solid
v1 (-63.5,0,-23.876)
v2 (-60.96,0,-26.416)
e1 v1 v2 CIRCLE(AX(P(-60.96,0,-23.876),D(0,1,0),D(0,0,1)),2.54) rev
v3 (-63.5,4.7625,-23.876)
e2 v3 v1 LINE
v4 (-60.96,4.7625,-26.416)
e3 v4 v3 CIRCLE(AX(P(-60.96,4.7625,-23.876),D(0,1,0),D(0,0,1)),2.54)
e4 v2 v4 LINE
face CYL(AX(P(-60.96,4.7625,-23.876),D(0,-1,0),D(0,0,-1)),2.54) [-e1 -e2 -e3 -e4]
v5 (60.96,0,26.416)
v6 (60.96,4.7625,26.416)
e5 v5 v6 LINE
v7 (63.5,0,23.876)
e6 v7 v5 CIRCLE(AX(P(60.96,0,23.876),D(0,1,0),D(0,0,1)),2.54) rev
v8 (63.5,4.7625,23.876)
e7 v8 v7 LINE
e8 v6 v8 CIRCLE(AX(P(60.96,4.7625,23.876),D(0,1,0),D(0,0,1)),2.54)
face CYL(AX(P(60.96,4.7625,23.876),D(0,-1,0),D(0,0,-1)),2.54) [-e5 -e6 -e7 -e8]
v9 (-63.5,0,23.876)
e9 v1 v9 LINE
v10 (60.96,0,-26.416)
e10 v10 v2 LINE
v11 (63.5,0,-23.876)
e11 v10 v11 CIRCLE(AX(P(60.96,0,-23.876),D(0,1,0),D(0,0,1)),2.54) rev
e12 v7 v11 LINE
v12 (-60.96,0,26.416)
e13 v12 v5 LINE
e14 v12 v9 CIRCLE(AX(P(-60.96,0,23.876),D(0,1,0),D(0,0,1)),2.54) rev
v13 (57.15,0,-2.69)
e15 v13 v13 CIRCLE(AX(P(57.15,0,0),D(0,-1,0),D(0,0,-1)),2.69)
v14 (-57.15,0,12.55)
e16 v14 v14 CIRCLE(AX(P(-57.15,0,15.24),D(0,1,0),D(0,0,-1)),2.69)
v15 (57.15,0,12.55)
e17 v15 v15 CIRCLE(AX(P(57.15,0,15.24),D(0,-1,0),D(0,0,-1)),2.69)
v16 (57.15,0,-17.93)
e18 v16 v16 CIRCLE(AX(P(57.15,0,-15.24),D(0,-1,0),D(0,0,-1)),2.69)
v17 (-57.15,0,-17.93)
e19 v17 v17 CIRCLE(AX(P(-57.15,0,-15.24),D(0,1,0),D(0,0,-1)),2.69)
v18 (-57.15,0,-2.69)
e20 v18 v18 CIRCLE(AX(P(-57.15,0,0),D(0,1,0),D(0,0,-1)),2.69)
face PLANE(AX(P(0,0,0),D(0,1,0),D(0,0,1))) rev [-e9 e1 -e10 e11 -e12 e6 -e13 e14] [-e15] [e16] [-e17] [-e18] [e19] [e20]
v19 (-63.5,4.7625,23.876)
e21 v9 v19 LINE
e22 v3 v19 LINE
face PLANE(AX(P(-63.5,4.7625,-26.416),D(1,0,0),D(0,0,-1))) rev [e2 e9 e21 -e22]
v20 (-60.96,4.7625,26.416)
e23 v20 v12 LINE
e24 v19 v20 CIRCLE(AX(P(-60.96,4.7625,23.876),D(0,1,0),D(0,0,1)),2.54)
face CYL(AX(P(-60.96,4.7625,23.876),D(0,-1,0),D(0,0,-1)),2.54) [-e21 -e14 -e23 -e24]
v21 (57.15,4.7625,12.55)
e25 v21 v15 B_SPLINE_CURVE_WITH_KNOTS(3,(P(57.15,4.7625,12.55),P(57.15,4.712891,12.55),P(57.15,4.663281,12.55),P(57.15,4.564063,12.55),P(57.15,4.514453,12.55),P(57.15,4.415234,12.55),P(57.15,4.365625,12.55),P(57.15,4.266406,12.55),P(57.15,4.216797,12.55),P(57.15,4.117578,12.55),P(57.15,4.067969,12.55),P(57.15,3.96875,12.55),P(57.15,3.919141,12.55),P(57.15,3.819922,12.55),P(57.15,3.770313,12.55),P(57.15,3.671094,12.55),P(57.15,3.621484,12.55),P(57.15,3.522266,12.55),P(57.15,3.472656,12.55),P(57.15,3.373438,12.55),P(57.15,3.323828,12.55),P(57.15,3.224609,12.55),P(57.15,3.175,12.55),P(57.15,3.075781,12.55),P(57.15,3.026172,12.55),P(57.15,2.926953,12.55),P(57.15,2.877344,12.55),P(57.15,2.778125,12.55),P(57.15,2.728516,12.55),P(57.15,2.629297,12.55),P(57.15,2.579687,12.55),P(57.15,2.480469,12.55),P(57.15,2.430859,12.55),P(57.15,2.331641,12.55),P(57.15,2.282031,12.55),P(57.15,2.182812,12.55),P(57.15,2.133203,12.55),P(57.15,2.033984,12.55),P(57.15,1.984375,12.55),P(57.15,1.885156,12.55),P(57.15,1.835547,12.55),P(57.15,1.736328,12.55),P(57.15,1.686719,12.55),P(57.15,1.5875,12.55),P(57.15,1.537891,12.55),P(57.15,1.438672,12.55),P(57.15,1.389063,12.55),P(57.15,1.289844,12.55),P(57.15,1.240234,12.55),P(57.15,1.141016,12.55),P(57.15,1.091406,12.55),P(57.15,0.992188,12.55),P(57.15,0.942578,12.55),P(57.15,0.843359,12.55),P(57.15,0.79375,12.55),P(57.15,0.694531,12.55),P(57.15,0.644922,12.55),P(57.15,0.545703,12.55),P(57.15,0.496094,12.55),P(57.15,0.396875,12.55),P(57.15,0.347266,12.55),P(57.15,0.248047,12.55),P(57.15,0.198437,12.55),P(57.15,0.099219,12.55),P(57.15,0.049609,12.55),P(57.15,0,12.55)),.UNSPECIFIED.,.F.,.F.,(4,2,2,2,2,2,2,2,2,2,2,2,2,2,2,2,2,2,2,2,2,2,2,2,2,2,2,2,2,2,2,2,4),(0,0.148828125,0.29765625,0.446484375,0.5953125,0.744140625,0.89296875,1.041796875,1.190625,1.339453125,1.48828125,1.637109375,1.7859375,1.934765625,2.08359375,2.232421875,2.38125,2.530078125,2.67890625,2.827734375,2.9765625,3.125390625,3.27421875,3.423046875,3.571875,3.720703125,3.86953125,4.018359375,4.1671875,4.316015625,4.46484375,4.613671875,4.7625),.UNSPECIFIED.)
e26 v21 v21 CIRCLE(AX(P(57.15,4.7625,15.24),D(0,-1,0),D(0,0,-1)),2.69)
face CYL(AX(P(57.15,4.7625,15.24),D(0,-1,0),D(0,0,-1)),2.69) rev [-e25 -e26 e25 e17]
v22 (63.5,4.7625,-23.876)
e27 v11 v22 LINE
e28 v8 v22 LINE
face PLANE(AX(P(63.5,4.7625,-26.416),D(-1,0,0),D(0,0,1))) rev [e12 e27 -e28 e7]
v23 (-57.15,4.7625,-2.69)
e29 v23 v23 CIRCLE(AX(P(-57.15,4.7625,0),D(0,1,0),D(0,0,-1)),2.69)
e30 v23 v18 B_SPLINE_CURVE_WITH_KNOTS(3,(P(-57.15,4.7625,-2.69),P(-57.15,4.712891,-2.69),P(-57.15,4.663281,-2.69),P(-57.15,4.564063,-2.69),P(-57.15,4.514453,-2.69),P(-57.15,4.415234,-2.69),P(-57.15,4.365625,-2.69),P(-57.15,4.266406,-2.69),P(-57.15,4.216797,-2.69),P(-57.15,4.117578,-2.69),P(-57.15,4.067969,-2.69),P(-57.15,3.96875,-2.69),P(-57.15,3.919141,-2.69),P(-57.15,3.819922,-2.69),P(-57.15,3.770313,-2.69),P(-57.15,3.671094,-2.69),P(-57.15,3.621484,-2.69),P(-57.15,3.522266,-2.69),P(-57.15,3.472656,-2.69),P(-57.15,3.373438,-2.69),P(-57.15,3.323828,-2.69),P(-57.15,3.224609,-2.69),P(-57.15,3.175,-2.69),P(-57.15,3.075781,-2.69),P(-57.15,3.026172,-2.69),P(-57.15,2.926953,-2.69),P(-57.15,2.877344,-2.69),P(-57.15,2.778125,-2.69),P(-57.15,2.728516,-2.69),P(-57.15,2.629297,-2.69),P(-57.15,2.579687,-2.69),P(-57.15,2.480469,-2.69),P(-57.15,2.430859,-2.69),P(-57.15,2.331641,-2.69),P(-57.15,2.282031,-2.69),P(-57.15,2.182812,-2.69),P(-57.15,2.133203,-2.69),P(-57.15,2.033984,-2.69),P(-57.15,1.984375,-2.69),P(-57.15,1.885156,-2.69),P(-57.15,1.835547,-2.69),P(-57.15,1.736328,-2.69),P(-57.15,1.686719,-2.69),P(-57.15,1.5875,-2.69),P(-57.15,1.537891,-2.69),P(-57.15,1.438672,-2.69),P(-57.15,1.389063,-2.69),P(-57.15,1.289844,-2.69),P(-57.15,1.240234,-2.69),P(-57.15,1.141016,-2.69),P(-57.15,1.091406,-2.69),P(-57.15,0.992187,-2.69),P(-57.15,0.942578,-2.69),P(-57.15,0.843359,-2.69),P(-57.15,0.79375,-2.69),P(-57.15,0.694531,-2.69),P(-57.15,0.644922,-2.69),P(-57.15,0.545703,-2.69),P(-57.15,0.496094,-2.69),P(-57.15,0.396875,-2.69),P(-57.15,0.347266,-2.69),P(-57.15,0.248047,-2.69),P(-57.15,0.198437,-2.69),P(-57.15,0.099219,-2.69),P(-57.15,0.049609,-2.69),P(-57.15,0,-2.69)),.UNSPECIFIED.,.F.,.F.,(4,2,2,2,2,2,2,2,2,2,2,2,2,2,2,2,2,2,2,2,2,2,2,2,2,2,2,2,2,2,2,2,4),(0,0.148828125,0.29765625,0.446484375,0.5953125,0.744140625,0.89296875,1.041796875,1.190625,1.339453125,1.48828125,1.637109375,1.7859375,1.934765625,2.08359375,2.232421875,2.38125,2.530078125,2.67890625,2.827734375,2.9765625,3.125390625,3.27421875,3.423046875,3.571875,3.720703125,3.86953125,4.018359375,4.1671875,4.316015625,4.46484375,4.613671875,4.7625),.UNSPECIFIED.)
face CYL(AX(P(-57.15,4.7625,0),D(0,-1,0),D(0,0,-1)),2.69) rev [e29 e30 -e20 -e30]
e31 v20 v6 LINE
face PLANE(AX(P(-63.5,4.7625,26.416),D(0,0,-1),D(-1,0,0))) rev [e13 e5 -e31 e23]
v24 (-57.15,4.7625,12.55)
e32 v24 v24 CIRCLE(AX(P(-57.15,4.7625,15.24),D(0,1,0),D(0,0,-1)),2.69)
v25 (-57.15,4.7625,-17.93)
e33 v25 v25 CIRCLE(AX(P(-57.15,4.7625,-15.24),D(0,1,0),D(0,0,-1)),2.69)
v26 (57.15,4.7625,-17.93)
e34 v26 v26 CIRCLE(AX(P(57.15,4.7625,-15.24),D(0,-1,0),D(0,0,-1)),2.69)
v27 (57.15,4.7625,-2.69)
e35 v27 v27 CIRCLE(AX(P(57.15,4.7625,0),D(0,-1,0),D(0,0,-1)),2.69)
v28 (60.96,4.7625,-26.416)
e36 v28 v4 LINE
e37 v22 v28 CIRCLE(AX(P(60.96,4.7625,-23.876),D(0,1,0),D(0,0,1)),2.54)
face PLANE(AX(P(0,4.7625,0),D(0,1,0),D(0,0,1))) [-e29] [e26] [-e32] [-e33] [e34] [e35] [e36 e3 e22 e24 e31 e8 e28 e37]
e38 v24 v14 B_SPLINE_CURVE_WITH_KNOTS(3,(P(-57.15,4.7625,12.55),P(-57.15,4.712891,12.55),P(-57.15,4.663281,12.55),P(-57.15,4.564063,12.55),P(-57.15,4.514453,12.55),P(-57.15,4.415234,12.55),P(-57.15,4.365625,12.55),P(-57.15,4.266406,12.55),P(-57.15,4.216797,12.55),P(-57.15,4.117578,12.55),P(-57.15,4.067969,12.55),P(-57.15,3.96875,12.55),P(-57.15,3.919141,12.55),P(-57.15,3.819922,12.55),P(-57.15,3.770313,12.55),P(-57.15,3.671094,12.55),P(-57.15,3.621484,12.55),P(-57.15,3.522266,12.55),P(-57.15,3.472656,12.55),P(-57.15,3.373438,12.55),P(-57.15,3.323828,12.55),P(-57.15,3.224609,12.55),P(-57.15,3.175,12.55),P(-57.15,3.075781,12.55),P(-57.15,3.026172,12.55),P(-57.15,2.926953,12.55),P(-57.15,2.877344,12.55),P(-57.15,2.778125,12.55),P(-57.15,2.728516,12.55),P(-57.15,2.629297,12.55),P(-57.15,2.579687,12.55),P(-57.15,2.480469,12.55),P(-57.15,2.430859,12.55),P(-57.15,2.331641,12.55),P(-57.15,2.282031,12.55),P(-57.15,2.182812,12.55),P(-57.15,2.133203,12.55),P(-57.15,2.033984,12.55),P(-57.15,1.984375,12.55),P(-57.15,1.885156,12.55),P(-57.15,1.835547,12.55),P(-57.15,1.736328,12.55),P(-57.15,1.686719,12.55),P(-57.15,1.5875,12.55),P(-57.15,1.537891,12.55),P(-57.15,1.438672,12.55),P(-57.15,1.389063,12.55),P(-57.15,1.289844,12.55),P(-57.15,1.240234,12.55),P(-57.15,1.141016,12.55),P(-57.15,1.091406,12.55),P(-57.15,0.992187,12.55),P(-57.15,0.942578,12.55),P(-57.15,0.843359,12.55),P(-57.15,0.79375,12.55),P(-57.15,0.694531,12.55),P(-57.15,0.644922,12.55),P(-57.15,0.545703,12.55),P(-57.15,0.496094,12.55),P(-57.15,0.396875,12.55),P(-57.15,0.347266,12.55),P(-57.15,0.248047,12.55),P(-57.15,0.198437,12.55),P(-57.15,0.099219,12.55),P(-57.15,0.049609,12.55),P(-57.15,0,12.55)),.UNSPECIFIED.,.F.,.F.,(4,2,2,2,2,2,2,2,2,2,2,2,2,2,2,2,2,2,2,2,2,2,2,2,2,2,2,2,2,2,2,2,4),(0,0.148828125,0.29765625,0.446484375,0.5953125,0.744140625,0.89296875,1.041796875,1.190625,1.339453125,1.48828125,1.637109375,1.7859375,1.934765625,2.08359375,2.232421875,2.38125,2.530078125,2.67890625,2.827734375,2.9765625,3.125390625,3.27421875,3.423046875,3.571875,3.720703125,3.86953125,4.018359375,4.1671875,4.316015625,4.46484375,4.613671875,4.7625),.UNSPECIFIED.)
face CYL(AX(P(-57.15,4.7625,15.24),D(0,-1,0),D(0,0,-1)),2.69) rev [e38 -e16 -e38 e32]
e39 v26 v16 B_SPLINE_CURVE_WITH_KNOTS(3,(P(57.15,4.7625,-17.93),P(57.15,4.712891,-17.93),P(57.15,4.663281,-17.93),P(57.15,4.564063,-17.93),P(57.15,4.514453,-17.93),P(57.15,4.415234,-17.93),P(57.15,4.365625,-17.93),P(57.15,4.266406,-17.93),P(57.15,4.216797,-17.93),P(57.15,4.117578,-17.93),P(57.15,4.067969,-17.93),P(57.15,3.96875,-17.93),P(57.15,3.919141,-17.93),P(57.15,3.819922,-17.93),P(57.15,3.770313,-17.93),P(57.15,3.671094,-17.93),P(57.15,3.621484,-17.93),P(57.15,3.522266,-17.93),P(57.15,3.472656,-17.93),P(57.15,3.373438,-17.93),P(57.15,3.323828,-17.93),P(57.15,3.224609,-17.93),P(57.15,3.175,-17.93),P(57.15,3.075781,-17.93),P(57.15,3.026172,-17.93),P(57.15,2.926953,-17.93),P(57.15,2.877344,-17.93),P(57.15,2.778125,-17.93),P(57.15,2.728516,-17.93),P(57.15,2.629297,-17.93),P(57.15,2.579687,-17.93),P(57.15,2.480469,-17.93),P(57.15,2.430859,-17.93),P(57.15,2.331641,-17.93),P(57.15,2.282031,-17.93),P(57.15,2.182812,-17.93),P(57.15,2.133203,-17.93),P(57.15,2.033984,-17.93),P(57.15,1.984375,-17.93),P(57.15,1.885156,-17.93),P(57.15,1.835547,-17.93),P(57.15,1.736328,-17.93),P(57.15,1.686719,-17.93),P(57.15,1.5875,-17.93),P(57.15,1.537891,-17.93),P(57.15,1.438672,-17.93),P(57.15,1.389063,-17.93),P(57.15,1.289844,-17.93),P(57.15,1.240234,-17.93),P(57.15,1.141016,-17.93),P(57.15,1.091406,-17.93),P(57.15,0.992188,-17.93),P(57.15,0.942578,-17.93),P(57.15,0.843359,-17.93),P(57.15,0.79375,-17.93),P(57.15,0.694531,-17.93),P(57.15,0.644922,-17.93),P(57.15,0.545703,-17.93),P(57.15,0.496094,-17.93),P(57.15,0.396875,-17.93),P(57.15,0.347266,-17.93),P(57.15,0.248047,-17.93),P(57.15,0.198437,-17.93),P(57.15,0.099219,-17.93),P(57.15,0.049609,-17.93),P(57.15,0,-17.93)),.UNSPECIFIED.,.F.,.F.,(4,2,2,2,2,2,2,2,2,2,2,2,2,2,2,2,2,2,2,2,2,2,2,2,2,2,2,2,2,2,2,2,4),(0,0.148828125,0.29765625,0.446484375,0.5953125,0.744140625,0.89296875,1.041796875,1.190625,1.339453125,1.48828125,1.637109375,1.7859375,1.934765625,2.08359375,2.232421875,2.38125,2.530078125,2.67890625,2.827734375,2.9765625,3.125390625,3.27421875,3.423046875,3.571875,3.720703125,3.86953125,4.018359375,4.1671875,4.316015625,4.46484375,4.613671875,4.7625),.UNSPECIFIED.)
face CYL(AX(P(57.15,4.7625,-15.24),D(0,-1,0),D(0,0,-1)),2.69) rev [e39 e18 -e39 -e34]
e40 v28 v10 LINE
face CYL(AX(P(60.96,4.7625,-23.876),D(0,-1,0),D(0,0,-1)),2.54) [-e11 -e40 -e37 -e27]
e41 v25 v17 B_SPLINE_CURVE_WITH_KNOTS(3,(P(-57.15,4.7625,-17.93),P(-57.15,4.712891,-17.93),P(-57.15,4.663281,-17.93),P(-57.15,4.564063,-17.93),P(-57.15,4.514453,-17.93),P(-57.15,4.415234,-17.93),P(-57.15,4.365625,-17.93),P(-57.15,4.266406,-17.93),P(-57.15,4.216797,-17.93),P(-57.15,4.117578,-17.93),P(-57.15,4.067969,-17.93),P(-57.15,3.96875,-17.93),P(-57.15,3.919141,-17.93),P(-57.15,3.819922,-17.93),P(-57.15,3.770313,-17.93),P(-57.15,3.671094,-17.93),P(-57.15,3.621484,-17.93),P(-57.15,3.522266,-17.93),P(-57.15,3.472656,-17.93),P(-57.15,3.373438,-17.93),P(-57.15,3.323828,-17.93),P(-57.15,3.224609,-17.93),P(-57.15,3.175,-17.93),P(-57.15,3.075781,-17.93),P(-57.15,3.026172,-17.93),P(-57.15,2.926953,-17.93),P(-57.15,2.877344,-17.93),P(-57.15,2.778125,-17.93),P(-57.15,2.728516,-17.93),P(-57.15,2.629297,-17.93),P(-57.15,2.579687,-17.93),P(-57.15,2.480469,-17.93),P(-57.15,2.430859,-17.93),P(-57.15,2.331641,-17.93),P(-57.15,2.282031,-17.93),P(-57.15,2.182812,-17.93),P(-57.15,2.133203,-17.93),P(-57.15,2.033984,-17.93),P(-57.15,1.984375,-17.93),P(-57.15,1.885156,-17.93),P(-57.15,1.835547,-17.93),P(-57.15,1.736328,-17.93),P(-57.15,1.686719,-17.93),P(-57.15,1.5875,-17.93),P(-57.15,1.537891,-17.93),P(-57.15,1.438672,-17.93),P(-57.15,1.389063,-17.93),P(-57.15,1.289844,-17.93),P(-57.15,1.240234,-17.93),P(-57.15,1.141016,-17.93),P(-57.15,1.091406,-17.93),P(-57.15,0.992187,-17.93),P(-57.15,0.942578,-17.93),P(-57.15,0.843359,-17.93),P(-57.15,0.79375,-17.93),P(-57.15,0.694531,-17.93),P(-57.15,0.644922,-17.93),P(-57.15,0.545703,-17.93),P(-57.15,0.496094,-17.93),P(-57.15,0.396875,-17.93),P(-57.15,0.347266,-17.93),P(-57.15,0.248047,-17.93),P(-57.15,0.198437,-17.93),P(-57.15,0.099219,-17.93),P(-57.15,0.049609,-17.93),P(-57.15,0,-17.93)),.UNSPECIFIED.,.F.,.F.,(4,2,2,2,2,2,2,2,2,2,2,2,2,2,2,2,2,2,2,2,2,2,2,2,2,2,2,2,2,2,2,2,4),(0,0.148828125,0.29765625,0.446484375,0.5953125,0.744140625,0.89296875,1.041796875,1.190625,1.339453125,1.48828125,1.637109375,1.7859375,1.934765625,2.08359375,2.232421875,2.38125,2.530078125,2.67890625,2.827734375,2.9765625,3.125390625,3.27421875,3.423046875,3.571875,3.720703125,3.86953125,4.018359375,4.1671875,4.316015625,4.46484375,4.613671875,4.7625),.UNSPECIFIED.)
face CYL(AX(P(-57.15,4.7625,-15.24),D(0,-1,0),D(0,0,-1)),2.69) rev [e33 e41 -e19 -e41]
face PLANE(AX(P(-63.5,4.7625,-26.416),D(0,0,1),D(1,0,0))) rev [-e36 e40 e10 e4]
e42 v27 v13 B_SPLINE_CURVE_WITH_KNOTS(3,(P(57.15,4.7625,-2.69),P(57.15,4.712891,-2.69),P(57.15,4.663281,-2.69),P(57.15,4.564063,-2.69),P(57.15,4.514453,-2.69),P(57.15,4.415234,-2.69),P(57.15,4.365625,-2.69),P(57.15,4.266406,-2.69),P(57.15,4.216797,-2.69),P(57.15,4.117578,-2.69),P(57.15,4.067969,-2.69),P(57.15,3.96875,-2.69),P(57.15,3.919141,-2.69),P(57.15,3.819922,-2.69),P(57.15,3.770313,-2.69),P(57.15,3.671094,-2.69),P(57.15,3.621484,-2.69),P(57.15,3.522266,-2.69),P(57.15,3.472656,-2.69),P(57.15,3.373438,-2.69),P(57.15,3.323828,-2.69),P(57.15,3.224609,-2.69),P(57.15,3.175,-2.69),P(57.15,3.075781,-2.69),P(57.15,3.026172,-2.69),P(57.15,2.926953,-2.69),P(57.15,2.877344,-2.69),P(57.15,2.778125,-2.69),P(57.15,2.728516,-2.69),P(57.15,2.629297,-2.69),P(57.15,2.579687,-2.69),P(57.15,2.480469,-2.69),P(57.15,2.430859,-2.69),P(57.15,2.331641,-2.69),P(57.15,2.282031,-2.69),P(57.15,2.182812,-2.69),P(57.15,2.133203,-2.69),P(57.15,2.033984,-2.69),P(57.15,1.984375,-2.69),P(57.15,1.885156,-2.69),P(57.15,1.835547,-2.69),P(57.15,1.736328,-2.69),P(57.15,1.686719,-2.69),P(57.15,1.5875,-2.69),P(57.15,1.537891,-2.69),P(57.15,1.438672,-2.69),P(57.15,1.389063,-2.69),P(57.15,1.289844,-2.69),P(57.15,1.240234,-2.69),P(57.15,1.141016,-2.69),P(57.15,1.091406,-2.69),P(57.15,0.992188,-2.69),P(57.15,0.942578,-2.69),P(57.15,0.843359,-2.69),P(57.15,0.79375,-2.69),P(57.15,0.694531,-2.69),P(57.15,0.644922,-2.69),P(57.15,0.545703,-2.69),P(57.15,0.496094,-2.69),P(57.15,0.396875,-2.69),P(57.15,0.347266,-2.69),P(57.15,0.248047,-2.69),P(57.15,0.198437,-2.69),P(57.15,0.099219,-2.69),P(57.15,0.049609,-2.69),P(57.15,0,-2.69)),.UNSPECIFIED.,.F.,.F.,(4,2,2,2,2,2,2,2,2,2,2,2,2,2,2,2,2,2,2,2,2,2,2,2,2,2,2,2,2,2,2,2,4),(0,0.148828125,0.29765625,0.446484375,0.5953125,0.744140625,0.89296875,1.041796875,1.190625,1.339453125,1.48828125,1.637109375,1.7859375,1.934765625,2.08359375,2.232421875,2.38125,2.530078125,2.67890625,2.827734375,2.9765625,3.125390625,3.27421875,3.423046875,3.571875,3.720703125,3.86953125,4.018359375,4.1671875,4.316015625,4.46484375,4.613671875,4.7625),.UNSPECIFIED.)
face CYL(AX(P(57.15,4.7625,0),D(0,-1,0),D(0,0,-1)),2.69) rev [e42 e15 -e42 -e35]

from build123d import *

# Parameters (mm, degrees)
SKETCH1_W           = 127
SKETCH1_H           = 52.832
BOSS_EXTRUDE1_DEPTH = 4.7625
FILLET1_R           = 2.54
SKETCH2_R           = 2.69
CUT_EXTRUDE1_DEPTH  = 69.940093286


with BuildPart() as part:
    # Sketch1 → Boss-Extrude1 (new body)
    with BuildSketch(Plane(origin=(0, 0, 0), x_dir=(1, 0, 0), z_dir=(0, 1, 0))):
        Rectangle(SKETCH1_W, SKETCH1_H)
    extrude(amount=BOSS_EXTRUDE1_DEPTH)

    # Fillet1
    fillet1_edges = [part.edges().sort_by_distance(p)[0] for p in [
        (63.5, 2.38125, 26.416),
        (-63.5, 2.38125, 26.416),
        (-63.5, 2.38125, -26.416),
        (63.5, 2.38125, -26.416),
    ]]
    fillet(fillet1_edges, radius=FILLET1_R)

    # Sketch2 → Cut-Extrude1 (cut, through all)
    with BuildSketch(Plane.XZ):
        with Locations(Location((57.15, -15.24, 0), (0, 0, 270))):
            Circle(SKETCH2_R)
        with Locations(Location((57.15, 0, 0), (0, 0, 270))):
            Circle(SKETCH2_R)
        with Locations(Location((57.15, 15.24, 0), (0, 0, 270))):
            Circle(SKETCH2_R)
    cut_extrude1 = extrude(amount=-CUT_EXTRUDE1_DEPTH, mode=Mode.SUBTRACT)

    # Mirror1: Cut-Extrude1 across plane
    add(cut_extrude1.mirror(Plane(origin=(0, 0, 0), x_dir=(0, 0, 1), z_dir=(1, 0, 0))), mode=Mode.SUBTRACT)


solid = part.part
